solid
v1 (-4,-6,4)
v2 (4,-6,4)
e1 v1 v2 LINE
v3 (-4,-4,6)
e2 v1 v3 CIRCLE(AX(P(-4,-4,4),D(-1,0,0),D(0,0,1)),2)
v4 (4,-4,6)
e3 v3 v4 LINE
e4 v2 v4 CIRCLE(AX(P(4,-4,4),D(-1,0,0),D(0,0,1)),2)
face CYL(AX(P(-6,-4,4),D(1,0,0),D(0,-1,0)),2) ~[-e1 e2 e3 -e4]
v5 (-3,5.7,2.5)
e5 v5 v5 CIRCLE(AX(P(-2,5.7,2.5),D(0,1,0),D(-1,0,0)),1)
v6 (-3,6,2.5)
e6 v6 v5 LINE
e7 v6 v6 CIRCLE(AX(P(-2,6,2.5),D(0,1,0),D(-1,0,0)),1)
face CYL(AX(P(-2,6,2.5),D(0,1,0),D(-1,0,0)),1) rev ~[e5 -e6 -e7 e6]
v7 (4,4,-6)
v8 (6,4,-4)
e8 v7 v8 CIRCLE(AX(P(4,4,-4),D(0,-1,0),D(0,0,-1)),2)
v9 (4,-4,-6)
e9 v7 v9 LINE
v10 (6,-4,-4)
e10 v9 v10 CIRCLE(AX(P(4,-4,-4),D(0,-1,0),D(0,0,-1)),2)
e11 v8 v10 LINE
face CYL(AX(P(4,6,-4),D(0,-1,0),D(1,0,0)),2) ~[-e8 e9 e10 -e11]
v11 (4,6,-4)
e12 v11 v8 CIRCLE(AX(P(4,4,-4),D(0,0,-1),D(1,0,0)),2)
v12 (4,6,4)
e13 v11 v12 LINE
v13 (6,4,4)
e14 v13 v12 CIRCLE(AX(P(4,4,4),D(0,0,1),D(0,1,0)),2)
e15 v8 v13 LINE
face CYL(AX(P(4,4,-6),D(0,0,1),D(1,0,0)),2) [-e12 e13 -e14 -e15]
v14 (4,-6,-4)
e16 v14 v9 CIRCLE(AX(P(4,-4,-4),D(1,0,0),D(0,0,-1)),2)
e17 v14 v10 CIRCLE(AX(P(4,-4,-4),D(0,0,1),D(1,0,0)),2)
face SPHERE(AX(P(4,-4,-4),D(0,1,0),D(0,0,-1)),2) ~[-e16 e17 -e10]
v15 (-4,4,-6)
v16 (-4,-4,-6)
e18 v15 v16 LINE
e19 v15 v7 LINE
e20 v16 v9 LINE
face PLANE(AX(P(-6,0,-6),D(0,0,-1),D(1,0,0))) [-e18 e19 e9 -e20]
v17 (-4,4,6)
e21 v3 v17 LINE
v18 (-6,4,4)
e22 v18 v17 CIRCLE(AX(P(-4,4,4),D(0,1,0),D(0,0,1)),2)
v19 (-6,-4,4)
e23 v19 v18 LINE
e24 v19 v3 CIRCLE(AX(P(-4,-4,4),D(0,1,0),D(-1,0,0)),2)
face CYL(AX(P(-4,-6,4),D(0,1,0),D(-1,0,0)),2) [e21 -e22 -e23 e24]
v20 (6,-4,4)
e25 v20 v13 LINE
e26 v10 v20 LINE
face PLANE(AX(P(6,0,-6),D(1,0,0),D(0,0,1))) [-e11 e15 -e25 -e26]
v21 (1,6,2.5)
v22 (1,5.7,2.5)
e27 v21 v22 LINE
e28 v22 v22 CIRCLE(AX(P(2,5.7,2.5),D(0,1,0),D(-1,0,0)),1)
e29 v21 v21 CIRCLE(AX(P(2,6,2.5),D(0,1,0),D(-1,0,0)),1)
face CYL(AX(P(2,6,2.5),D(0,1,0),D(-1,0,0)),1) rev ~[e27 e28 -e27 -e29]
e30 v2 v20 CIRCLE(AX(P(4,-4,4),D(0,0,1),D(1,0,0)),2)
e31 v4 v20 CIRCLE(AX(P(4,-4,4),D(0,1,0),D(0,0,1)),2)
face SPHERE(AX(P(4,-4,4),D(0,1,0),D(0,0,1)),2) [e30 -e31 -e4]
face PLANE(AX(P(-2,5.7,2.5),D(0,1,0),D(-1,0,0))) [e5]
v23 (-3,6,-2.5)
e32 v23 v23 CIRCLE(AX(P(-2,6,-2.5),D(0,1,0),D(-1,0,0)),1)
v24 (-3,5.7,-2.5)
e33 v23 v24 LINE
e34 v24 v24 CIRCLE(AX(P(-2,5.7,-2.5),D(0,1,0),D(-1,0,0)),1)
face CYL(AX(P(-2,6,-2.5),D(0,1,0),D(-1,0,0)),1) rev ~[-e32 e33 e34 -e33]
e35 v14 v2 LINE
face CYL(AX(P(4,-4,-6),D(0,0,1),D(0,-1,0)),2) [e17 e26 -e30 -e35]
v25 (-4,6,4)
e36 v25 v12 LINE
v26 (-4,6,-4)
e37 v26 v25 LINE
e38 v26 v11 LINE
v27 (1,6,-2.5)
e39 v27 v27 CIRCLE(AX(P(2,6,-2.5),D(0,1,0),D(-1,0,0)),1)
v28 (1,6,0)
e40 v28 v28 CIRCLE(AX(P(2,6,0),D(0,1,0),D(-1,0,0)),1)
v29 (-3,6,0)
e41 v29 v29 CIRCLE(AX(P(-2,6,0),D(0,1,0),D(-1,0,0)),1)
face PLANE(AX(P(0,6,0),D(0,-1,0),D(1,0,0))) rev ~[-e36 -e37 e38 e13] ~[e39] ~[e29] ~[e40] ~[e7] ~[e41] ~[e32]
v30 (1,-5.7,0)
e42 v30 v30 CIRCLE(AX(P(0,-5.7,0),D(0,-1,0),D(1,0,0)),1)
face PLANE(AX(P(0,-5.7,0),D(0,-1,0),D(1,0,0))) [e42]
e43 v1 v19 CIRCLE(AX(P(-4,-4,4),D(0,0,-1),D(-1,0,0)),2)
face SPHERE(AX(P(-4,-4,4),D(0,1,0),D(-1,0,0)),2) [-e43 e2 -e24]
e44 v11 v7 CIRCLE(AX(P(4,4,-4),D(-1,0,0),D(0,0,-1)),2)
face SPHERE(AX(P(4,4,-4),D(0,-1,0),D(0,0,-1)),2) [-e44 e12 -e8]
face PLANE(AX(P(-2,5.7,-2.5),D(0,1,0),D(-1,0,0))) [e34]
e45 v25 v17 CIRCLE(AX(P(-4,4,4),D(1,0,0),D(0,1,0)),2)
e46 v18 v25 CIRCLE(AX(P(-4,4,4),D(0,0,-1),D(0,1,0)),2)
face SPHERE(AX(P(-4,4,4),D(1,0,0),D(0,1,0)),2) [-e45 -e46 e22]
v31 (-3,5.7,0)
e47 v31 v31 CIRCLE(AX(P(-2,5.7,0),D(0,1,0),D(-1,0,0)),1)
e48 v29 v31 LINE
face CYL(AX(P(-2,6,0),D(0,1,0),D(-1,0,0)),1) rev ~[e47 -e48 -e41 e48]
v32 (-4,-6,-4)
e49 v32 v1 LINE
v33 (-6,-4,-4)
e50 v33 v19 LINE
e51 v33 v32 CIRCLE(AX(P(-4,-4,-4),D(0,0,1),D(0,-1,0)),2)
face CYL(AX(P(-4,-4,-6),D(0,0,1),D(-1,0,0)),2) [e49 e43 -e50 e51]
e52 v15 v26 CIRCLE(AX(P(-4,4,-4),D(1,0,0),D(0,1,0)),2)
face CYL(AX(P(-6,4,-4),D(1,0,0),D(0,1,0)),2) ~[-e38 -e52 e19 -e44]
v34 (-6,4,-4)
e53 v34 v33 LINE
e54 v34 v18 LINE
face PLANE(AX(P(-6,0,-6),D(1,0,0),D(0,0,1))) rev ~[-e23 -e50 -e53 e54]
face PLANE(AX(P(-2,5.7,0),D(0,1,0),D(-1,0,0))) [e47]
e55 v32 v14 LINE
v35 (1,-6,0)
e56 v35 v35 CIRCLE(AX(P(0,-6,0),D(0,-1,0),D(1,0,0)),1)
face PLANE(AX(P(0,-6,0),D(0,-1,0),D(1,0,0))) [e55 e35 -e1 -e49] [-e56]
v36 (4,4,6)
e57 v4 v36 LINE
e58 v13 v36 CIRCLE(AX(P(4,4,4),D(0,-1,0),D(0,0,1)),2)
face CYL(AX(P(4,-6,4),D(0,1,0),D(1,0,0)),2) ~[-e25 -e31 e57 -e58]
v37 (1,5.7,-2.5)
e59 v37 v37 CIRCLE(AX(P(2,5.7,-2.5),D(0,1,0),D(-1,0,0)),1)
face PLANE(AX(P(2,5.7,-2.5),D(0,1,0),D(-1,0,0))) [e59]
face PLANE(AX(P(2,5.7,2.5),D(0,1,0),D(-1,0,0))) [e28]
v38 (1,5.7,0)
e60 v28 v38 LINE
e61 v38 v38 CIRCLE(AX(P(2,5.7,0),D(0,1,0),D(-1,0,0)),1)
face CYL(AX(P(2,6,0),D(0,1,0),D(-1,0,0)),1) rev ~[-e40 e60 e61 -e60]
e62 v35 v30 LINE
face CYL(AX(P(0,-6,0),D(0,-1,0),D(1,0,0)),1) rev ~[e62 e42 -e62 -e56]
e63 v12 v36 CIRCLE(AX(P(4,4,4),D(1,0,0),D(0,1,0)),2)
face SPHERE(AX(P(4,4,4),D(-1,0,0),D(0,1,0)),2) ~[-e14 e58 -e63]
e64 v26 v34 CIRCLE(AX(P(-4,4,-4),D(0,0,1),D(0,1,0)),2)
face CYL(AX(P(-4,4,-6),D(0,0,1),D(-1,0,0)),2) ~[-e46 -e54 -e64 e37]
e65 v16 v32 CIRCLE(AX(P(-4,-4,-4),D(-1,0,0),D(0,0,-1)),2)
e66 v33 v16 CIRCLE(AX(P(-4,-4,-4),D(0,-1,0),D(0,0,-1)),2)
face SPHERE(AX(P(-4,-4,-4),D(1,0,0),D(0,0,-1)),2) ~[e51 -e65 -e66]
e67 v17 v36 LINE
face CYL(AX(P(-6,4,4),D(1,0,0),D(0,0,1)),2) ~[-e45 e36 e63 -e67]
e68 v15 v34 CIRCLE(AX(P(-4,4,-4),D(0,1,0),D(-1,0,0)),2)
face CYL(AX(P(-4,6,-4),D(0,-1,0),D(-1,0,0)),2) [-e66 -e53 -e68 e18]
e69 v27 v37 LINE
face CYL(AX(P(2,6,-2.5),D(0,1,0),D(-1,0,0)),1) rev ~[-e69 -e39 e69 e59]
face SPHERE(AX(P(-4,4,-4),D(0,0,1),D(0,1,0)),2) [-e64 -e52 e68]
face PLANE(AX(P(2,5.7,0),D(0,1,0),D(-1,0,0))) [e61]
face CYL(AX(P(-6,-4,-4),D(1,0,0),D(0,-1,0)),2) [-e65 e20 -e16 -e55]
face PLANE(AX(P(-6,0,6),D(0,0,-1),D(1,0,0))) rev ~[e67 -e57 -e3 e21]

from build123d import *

# Parameters (mm, degrees)
F0_W          = 12
F0_H          = 12
F1_DEPTH      = 6
F1_DEPTH_BACK = 6
F2_R          = 2
F3_R          = 1
F4_DEPTH      = 0.3
F5_R          = 1
F6_DEPTH      = 0.3


with BuildPart() as f1:
    # F0 (on Front) → F1 (new body, two sides)
    with BuildSketch(Plane.XZ) as f1_sk:
        Rectangle(F0_W, F0_H)
    extrude(amount=F1_DEPTH)
    extrude(f1_sk.sketch, amount=-F1_DEPTH_BACK)

    # F2
    f2_edges = [f1.edges().sort_by_distance(p)[0] for p in [
        (6, 0, -6),
        (0, 6, 6),
        (-6, 6, 0),
        (0, 6, -6),
        (6, 6, 0),
        (6, 0, 6),
        (-6, 0, 6),
        (0, -6, -6),
        (-6, 0, -6),
        (-6, -6, 0),
        (0, -6, 6),
        (6, -6, 0),
    ]]
    fillet(f2_edges, radius=F2_R)

    # F3 (on face) → F4 (cut)
    with BuildSketch(Plane.XZ.offset(6)):
        Circle(F3_R)
    extrude(amount=-F4_DEPTH, mode=Mode.SUBTRACT)

    # F5 (on face) → F6 (cut)
    with BuildSketch(Plane(origin=(0, 6, 0), x_dir=(-1, 0, 0), z_dir=(0, 1, 0))):
        with Locations((-2, 2.5)):
            Circle(F5_R)
        with Locations((2, 2.5)):
            Circle(F5_R)
        with Locations((2, 0)):
            Circle(F5_R)
        with Locations((2, -2.5)):
            Circle(F5_R)
        with Locations((-2, 0)):
            Circle(F5_R)
        with Locations((-2, -2.5)):
            Circle(F5_R)
    extrude(amount=-F6_DEPTH, mode=Mode.SUBTRACT)


solid = f1.part
